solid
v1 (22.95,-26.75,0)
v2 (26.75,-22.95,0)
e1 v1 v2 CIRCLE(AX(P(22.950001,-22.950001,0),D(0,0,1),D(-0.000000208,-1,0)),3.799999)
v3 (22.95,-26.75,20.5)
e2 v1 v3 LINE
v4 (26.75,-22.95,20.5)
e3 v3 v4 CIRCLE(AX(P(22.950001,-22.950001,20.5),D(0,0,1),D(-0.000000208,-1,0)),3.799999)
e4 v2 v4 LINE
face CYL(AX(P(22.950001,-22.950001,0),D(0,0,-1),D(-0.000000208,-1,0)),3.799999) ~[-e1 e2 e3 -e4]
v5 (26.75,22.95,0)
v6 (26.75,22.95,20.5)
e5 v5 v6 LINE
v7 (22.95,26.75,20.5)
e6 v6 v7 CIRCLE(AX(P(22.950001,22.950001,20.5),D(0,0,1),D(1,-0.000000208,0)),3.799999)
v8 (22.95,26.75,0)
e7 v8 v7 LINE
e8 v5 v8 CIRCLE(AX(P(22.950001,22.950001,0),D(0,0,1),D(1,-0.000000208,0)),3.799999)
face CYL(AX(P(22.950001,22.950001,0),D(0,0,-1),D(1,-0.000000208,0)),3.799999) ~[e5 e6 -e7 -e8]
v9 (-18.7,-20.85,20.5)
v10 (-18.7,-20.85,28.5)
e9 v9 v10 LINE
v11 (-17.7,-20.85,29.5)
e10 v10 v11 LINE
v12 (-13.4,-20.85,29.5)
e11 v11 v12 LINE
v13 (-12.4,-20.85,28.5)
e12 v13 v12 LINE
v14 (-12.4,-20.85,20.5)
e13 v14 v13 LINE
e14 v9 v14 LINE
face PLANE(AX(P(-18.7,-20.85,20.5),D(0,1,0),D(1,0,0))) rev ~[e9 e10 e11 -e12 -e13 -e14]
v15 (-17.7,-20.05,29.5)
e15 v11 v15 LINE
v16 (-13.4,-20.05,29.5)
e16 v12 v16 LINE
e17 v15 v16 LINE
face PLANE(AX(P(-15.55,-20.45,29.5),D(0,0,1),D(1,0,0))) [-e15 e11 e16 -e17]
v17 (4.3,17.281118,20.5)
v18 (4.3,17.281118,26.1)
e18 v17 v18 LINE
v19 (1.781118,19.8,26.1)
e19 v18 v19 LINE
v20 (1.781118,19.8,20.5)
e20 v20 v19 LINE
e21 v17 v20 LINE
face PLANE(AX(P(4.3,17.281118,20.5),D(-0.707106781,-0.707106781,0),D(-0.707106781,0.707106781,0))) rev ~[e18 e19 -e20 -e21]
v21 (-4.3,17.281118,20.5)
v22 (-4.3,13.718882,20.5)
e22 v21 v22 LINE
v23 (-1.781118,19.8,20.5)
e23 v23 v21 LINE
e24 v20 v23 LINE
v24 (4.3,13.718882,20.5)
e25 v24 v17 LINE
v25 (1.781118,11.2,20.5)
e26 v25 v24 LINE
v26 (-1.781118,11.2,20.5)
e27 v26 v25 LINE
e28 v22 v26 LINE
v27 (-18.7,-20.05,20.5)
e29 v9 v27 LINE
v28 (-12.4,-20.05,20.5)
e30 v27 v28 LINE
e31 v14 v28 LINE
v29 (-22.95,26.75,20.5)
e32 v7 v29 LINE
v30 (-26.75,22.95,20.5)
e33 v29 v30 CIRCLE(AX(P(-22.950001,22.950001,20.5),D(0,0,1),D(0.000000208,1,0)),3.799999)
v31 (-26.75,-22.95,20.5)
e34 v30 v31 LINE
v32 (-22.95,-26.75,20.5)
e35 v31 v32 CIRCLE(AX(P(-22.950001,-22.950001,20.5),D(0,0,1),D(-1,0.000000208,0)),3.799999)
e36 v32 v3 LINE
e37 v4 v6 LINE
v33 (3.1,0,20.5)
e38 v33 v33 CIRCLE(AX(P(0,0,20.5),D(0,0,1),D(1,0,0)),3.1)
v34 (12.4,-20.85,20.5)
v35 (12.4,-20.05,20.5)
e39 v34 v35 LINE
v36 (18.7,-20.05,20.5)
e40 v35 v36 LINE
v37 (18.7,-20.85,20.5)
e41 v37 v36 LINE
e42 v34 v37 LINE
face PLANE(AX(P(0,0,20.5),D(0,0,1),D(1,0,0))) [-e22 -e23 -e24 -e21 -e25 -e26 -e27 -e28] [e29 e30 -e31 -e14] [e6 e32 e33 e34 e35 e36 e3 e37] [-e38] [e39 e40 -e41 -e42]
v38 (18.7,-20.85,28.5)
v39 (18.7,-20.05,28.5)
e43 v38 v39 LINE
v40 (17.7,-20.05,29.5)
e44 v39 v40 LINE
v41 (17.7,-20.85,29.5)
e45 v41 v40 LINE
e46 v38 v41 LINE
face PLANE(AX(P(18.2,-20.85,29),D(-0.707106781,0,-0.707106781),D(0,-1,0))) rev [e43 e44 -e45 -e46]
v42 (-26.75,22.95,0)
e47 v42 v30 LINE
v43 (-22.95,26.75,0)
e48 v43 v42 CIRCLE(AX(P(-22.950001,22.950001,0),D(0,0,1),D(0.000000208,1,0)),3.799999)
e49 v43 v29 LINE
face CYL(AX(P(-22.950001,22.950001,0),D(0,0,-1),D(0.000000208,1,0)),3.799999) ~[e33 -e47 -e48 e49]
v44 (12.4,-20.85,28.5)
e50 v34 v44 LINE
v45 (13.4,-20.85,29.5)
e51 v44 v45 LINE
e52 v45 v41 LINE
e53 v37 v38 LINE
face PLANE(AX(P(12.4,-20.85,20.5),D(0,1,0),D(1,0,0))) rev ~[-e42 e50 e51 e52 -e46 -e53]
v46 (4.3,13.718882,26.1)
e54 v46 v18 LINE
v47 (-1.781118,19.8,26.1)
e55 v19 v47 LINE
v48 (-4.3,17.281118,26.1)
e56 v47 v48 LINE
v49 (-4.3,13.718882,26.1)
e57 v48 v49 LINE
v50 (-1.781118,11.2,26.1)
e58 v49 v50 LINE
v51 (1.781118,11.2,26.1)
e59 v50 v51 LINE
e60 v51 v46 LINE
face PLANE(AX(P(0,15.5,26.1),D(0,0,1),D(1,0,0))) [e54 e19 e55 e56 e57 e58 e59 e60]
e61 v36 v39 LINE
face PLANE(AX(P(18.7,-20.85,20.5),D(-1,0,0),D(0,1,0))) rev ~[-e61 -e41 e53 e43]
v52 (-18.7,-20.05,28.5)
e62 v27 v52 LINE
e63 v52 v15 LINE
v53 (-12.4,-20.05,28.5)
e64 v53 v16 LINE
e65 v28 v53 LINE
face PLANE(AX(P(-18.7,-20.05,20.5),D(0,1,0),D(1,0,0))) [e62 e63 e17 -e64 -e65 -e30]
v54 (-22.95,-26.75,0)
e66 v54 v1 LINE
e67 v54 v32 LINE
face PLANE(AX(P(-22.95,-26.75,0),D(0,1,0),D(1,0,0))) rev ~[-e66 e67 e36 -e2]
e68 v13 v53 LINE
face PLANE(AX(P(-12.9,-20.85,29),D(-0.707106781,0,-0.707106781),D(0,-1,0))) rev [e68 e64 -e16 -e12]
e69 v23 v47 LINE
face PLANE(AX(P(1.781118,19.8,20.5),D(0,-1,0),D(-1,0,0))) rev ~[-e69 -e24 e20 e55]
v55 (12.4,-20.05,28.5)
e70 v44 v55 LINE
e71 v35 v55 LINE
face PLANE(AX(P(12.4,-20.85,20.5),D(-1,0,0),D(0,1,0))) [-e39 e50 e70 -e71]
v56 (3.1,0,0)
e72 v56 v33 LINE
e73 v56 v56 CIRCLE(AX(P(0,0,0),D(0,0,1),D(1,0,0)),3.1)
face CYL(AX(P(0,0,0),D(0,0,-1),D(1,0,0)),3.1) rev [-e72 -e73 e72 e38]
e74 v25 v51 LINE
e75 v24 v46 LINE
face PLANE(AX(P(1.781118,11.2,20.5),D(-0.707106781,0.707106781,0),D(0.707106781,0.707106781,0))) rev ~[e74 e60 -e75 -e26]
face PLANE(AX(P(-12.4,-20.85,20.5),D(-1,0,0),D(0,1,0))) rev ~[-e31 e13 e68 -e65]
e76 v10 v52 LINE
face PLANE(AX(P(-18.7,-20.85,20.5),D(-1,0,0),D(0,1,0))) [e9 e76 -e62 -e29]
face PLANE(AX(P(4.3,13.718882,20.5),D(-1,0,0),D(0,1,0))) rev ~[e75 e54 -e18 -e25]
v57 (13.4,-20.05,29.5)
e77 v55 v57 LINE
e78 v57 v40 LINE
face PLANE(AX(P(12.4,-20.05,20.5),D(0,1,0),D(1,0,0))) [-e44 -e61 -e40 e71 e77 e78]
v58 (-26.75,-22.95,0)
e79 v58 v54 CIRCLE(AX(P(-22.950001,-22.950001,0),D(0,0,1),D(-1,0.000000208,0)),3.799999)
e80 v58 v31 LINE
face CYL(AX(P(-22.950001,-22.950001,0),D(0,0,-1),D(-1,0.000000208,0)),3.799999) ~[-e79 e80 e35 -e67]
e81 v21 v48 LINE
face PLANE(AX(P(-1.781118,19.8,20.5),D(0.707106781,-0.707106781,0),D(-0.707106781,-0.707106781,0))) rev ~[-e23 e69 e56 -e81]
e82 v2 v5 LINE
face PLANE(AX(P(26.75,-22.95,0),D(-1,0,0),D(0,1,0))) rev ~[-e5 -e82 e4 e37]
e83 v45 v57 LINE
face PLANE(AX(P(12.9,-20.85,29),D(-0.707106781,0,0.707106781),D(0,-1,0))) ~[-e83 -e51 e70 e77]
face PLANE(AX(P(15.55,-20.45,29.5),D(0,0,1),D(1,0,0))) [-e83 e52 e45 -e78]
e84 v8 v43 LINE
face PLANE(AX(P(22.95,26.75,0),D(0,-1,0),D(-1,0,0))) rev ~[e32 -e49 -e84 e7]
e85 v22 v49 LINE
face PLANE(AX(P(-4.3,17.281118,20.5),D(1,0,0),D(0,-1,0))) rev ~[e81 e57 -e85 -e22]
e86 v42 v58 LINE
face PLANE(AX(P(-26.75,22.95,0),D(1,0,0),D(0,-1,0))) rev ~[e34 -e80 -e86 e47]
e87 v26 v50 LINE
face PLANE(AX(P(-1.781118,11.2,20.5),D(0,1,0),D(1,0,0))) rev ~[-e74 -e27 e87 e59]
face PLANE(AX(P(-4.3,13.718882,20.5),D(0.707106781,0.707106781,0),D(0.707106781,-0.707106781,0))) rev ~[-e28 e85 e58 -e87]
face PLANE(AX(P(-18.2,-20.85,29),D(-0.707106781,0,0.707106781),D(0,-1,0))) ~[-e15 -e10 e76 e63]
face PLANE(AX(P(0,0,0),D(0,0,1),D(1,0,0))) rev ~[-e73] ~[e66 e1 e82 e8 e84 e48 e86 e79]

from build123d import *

# Parameters (mm, degrees)
F0_R     = 3.1
F1_DEPTH = 20.5
F3_DEPTH = 5.6
F4_W     = 6.3
F4_H     = 0.8
F5_DEPTH = 9
F6_SIZE  = 1


with BuildPart() as f1:
    # F0 (on Top) → F1 (new body)
    with BuildSketch(Plane.XY):
        with BuildLine():
            Line((-22.95, -26.75), (22.95, -26.75))
            ThreePointArc((22.95, -26.75), (25.637006, -25.637006), (26.75, -22.95))
            Line((26.75, -22.95), (26.75, 22.95))
            ThreePointArc((26.75, 22.95), (25.637006, 25.637006), (22.95, 26.75))
            Line((22.95, 26.75), (-22.95, 26.75))
            ThreePointArc((-22.95, 26.75), (-25.637006, 25.637006), (-26.75, 22.95))
            Line((-26.75, 22.95), (-26.75, -22.95))
            ThreePointArc((-26.75, -22.95), (-25.637006, -25.637006), (-22.95, -26.75))
        make_face()
        Circle(F0_R, mode=Mode.SUBTRACT)
    extrude(amount=F1_DEPTH)

    # F2 (on face) → F3 (join)
    with BuildSketch(Plane.XY.offset(20.5)):
        Polygon((4.3, 13.718882), (4.3, 17.281118), (1.781118, 19.8), (-1.781118, 19.8), (-4.3, 17.281118), (-4.3, 13.718882), (-1.781118, 11.2), (1.781118, 11.2), align=None)
    extrude(amount=F3_DEPTH)

    # F4 (on face) → F5 (join)
    with BuildSketch(Plane.XY.offset(20.5)):
        with Locations((-15.55, -20.45)):
            Rectangle(F4_W, F4_H)
        with Locations((15.55, -20.45)):
            Rectangle(F4_W, F4_H)
    extrude(amount=F5_DEPTH)

    # F6
    f6_edges = [f1.edges().sort_by_distance(p)[0] for p in [
        (-18.7, -20.45, 29.5),
        (-12.4, -20.45, 29.5),
        (12.4, -20.45, 29.5),
        (18.7, -20.45, 29.5),
    ]]
    chamfer(f6_edges, length=F6_SIZE)


solid = f1.part
